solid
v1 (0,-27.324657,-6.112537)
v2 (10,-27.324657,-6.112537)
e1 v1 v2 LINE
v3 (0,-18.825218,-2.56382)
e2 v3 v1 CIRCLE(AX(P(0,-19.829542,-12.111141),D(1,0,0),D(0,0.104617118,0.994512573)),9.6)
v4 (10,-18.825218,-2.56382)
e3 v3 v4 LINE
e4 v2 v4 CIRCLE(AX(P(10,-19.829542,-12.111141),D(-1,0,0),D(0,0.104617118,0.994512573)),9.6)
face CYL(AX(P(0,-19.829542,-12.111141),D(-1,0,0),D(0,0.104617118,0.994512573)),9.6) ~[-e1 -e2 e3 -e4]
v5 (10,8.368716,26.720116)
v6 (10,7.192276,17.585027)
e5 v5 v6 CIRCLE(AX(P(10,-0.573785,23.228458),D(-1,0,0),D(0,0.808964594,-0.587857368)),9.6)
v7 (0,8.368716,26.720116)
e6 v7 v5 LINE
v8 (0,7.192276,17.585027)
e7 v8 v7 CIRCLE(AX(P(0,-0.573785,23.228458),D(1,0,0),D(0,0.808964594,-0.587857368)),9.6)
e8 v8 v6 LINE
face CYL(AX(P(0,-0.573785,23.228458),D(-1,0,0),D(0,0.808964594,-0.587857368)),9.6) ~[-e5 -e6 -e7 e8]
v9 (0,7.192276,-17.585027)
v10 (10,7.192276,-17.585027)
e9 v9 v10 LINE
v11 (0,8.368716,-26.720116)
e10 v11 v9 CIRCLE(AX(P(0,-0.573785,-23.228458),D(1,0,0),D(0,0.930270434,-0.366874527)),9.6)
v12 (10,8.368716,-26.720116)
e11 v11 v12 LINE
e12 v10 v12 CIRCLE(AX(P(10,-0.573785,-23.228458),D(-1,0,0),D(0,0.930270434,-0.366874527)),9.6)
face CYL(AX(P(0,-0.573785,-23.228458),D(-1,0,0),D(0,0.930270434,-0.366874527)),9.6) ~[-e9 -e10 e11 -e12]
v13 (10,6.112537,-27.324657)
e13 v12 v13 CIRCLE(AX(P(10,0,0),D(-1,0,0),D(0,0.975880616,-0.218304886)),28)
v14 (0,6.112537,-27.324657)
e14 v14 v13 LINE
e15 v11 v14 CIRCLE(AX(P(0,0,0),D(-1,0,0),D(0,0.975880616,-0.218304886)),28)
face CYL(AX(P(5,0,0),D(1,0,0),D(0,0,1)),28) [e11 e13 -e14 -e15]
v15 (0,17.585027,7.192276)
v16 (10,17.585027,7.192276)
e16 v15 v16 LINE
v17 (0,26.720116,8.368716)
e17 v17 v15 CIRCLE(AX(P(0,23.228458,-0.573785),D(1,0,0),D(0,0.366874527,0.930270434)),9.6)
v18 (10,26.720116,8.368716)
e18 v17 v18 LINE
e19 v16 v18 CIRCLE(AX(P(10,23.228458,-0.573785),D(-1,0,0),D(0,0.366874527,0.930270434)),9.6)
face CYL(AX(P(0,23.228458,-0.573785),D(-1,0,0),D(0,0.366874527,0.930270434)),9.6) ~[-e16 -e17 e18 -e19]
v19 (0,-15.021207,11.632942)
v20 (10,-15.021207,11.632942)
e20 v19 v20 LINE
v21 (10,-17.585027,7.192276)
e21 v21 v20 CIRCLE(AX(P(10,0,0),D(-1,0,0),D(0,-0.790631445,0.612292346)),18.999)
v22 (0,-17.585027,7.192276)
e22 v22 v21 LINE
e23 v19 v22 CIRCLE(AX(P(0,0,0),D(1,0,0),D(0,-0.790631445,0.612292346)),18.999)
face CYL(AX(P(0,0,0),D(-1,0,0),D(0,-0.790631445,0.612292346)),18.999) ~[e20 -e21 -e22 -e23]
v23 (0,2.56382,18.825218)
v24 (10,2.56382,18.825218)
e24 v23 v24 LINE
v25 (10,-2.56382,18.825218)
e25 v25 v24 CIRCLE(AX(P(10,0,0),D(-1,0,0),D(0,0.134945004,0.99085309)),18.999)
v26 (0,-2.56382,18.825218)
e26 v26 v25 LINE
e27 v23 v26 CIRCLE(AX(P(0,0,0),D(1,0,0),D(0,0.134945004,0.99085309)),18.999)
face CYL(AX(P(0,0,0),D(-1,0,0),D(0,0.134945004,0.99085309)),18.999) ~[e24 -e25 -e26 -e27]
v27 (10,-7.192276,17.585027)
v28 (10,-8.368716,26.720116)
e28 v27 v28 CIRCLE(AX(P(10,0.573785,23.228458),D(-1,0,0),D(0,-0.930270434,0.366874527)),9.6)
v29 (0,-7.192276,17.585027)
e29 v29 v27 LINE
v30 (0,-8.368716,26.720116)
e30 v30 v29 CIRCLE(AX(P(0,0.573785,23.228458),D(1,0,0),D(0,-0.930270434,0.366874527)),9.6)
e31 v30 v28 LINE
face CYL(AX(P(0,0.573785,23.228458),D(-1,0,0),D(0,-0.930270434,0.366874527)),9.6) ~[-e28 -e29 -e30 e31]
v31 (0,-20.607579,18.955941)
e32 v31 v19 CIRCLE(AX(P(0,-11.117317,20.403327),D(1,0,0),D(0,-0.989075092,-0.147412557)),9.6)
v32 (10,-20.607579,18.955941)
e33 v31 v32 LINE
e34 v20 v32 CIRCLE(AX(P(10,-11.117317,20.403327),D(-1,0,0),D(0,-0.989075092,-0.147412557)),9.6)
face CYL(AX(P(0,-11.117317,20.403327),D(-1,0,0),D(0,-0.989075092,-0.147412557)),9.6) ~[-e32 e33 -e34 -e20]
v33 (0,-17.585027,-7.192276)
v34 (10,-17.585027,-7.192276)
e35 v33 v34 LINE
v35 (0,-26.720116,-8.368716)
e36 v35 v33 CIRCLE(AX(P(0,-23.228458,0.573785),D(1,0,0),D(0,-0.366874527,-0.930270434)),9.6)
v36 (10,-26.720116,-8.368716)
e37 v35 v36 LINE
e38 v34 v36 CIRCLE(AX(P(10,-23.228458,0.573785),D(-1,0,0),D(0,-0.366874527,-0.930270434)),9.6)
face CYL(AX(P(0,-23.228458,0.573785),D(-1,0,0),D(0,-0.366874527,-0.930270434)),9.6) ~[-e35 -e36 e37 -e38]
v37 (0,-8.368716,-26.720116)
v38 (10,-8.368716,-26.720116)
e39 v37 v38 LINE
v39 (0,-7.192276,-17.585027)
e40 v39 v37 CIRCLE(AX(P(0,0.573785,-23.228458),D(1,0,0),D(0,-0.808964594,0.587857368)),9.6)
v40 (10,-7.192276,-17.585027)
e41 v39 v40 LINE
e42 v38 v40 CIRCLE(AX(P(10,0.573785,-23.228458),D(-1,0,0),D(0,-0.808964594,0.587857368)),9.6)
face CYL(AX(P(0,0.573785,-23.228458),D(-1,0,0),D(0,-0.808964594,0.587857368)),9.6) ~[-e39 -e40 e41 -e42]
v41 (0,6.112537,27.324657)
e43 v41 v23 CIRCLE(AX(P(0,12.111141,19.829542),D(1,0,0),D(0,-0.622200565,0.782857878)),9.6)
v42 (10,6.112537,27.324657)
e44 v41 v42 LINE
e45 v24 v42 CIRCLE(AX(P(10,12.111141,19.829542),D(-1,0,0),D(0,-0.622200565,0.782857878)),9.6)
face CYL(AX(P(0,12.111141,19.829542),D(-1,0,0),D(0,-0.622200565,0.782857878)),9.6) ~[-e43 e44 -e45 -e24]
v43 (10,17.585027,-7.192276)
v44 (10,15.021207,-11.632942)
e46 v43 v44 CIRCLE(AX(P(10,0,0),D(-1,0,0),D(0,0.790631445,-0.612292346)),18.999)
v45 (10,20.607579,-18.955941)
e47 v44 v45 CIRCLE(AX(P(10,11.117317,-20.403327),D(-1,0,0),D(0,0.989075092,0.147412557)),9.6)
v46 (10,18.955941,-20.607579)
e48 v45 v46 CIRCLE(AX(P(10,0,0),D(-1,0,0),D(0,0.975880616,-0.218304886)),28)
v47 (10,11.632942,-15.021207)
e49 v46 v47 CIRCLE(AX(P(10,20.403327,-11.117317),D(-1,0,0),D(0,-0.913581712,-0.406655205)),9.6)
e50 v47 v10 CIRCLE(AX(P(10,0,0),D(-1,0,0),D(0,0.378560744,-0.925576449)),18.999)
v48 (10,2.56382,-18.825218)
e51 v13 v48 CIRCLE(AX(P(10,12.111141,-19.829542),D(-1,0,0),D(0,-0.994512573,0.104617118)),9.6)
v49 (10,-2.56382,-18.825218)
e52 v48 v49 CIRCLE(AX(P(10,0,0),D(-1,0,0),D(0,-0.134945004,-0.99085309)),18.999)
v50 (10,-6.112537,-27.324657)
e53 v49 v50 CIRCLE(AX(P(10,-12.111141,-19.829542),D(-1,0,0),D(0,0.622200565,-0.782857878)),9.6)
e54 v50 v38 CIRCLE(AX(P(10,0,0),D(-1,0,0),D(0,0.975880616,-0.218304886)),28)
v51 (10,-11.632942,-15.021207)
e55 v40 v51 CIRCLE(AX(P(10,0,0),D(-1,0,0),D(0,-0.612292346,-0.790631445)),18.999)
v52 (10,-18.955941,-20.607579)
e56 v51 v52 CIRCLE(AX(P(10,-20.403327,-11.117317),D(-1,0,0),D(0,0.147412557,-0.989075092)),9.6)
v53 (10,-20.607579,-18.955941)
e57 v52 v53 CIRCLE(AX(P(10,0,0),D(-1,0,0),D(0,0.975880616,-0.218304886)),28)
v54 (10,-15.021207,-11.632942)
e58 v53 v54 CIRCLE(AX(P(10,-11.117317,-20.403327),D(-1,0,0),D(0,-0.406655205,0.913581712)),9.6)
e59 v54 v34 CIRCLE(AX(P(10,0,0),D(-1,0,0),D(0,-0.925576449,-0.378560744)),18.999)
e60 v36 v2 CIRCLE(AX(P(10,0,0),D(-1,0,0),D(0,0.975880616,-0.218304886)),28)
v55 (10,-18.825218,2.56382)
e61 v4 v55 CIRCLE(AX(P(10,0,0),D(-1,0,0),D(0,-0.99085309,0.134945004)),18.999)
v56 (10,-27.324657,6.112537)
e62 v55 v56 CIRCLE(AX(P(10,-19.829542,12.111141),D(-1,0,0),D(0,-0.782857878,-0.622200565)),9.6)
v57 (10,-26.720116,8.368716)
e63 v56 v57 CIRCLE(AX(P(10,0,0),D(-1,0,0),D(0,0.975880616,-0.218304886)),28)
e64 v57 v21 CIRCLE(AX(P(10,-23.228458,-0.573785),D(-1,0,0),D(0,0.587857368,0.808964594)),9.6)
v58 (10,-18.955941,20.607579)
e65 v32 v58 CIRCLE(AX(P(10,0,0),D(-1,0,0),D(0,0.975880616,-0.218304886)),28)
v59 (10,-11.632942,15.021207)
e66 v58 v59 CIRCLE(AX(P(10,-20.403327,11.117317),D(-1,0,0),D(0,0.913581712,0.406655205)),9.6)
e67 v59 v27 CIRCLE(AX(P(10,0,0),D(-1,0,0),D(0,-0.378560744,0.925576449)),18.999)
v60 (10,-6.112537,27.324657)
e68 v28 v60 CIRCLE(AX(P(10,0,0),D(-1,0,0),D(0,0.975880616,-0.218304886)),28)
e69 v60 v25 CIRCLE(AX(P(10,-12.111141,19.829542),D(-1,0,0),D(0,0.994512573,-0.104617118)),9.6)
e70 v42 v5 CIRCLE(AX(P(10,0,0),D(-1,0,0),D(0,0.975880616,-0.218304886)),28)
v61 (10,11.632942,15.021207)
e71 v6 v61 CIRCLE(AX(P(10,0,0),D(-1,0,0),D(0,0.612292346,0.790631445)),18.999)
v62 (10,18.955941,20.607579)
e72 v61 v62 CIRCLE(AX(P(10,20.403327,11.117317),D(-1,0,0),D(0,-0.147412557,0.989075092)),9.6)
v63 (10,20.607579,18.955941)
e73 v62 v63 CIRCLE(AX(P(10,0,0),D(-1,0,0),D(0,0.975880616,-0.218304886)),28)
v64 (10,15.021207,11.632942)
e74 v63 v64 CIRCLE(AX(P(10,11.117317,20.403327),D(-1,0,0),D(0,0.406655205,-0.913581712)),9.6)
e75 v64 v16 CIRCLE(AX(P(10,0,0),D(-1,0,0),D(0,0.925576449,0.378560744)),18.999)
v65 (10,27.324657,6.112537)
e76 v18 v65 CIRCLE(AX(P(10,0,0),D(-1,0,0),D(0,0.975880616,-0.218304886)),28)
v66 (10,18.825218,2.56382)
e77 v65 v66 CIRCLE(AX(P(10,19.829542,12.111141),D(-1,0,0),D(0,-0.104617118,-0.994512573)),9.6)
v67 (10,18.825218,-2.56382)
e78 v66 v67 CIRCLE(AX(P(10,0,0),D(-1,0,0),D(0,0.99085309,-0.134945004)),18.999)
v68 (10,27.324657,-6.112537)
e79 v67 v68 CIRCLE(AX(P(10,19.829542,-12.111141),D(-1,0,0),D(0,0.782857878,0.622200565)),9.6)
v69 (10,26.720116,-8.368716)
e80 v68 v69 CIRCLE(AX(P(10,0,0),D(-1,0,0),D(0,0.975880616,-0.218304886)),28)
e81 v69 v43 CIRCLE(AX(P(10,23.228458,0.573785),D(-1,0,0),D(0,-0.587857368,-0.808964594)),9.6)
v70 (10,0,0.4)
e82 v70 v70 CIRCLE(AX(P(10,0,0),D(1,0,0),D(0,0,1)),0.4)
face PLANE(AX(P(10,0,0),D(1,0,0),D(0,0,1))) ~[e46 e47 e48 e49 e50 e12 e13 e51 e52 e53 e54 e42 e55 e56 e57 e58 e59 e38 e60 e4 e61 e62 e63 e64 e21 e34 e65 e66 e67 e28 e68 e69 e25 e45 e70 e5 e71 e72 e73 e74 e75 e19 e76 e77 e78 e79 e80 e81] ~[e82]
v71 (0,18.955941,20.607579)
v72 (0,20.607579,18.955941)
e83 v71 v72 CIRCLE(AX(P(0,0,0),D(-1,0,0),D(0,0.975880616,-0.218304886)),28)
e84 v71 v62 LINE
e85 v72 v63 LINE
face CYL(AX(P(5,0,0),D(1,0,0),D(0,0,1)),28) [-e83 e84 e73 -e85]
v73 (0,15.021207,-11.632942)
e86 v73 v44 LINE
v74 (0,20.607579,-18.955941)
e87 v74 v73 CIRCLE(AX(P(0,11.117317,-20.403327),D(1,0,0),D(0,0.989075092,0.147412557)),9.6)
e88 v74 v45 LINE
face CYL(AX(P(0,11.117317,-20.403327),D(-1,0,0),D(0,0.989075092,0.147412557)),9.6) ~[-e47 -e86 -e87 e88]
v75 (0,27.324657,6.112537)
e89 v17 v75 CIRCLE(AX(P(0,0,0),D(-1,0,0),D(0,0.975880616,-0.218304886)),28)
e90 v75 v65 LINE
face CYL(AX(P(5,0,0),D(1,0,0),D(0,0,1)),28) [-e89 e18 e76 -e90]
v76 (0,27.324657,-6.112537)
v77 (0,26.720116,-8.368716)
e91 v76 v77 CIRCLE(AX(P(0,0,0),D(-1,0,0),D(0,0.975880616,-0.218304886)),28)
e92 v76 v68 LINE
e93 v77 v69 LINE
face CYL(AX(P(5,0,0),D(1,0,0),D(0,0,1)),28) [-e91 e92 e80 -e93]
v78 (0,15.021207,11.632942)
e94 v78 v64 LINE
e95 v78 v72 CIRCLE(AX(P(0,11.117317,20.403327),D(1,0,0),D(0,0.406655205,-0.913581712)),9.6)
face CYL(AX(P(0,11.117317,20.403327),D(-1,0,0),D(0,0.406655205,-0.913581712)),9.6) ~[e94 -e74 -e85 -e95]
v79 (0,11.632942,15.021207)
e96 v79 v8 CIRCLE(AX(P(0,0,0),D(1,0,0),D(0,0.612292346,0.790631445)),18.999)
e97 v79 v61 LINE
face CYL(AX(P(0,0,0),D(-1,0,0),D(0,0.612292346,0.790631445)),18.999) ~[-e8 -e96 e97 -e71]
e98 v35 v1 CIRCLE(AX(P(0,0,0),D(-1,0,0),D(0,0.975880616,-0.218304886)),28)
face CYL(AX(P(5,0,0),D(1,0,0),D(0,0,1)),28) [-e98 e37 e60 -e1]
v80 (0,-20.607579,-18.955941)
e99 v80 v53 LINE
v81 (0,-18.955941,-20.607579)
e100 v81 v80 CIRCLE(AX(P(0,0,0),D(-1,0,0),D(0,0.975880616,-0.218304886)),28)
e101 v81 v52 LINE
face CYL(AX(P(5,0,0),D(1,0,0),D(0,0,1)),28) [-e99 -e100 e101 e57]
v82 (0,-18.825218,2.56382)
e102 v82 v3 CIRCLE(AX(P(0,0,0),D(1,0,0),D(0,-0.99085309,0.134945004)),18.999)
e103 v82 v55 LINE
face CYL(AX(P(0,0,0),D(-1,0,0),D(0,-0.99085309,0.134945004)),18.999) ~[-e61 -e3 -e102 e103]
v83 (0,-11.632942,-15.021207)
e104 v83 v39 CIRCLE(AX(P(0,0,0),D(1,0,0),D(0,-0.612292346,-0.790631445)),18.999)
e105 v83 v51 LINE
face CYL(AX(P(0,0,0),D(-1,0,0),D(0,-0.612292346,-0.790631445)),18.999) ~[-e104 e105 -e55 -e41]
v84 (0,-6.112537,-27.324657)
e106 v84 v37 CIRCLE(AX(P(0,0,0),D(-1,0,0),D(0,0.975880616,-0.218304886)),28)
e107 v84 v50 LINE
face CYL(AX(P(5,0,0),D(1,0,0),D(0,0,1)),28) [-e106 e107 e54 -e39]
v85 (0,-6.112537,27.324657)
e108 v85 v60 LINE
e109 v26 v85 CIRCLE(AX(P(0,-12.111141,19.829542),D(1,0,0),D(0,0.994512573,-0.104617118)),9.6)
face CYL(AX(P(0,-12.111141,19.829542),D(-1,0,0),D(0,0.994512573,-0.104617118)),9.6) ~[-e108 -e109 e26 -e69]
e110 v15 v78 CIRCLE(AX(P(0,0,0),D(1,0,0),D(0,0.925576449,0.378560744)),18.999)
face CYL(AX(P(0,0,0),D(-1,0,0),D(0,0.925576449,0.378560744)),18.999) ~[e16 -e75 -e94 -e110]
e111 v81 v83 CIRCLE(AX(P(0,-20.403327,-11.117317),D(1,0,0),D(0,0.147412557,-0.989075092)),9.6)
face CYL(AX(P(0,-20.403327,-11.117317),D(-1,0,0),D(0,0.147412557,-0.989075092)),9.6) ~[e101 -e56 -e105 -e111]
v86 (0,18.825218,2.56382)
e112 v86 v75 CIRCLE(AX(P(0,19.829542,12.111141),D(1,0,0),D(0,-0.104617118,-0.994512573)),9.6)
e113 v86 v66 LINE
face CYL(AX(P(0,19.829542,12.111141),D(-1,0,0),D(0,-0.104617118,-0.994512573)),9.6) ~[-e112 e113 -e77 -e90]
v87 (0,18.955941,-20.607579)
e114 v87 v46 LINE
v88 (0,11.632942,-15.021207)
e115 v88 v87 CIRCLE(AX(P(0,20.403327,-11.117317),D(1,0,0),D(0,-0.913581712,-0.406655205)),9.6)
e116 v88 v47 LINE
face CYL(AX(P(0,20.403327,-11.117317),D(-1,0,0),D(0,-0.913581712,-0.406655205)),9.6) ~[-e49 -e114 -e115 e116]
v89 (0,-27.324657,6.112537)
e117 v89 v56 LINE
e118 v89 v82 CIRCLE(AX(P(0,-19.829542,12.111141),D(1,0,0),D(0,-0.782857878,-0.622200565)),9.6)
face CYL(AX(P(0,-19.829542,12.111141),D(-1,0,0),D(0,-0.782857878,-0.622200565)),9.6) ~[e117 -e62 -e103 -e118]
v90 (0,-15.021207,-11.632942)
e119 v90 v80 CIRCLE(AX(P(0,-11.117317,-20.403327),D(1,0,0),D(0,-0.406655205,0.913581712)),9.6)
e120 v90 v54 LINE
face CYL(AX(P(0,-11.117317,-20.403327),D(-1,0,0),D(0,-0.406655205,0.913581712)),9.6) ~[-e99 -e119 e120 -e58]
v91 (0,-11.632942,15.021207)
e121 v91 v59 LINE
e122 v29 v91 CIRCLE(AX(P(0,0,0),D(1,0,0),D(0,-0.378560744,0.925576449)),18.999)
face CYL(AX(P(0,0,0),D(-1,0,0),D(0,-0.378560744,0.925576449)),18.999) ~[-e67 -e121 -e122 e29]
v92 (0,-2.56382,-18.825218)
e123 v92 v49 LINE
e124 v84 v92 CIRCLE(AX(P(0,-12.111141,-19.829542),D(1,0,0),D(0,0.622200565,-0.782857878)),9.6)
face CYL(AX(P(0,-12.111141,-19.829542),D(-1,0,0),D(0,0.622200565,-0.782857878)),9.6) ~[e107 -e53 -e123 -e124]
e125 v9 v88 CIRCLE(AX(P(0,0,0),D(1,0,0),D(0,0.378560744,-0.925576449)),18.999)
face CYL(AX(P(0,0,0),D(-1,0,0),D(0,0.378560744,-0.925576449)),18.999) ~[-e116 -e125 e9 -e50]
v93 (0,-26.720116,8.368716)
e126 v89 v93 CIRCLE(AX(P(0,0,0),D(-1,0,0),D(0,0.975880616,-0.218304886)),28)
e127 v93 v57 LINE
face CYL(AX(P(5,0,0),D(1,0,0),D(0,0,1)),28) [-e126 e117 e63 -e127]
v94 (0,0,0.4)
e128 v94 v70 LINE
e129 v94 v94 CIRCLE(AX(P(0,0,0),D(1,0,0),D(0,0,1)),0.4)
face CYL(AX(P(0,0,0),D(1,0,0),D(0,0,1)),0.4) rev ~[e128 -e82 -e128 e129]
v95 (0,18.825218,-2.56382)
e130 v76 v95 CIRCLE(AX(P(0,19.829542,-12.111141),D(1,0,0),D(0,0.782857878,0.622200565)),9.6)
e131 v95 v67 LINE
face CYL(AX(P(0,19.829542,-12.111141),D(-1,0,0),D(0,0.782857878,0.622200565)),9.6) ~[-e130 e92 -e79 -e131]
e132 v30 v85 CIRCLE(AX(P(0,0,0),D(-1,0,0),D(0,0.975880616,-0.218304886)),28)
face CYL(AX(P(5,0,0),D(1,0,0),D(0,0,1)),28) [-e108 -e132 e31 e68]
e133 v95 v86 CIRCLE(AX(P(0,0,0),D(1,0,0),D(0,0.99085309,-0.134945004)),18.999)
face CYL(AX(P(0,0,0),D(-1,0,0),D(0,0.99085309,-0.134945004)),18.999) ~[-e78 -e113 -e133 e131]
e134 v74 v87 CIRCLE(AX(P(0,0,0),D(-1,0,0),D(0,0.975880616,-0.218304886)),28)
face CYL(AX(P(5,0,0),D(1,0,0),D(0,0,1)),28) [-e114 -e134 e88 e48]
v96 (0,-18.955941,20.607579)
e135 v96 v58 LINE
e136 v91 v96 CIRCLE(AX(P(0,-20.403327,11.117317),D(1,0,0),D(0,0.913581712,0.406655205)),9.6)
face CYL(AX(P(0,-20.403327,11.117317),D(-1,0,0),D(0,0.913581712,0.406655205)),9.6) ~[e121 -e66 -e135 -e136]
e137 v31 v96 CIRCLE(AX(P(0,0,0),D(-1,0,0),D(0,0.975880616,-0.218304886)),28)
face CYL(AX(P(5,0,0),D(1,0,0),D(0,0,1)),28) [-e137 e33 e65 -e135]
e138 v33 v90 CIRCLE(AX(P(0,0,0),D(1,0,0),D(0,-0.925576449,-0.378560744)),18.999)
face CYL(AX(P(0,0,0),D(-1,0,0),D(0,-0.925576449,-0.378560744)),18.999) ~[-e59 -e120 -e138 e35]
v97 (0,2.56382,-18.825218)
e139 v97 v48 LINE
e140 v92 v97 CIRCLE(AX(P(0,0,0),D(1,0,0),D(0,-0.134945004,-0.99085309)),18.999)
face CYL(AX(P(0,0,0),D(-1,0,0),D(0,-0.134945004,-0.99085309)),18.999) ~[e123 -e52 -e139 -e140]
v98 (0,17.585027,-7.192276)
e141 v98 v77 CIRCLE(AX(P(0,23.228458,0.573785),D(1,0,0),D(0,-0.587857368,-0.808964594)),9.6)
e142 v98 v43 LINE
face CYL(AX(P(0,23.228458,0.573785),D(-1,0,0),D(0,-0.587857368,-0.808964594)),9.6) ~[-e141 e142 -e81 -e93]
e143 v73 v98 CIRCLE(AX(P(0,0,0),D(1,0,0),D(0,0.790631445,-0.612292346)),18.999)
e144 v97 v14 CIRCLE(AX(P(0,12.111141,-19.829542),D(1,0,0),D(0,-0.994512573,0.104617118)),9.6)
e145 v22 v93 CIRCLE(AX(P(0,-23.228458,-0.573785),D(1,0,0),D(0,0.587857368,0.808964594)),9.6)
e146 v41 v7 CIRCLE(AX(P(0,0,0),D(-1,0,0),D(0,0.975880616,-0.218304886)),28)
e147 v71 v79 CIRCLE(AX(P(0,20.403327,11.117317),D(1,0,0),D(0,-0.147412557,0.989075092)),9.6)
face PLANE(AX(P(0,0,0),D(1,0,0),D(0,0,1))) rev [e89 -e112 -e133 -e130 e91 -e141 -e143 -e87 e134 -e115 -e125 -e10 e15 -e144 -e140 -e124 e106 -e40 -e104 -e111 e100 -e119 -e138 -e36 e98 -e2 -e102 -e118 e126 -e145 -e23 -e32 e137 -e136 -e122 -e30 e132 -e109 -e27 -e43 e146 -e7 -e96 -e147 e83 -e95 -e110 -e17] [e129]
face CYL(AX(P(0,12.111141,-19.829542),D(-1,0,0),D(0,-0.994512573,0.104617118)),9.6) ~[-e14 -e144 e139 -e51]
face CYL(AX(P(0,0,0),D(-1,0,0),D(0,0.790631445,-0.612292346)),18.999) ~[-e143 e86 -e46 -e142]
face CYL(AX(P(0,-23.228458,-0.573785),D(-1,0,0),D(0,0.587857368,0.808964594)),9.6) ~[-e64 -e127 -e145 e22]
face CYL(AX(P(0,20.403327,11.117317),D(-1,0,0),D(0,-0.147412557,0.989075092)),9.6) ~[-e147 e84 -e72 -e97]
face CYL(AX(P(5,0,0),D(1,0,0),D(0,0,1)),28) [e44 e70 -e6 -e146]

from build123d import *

# Parameters (mm, degrees)
BASPROSKE_W     = 10
BASPROSKE_H     = 28
TOOTHCUT_DEPTH  = 41.841155713
TEETHCUTS_COUNT = 12
TEETHCUTS_ANGLE = 330
BORSKE_R        = 0.4
BORE_DEPTH      = 50.0000508


with BuildPart() as part:
    # BasProSke → Base-Revolve (revolve)
    with BuildSketch(Plane(origin=(0, 0, 0), x_dir=(1, 0, 0), z_dir=(0, 1, 0)), mode=Mode.PRIVATE) as base_revolve_sk:
        with Locations((5, 14)):
            Rectangle(BASPROSKE_W, BASPROSKE_H)
    revolve(base_revolve_sk.sketch.rotate(Axis((-10, 0, 0), (1, 0, 0)), 180), axis=Axis((-10, 0, 0), (1, 0, 0)))

    # TooCutSke → ToothCut (cut, through all)
    with BuildSketch(Plane(origin=(0, 0, 0), x_dir=(0, 0, -1), z_dir=(1, 0, 0))):
        with BuildLine():
            ThreePointArc((2.563820125, 18.825217857), (0, 18.999), (-2.563820125, 18.825217857))
            ThreePointArc((-2.563820125, 18.825217857), (-3.258590946, 23.543348938), (-6.138015408, 27.344977821))
            ThreePointArc((-6.138015408, 27.344977821), (0, 28.0254), (6.138015408, 27.344977821))
            ThreePointArc((6.138015408, 27.344977821), (3.258590946, 23.543348938), (2.563820125, 18.825217857))
        make_face()
    toothcut = extrude(amount=TOOTHCUT_DEPTH, mode=Mode.SUBTRACT)

    # TeethCuts: ToothCut ×12 about axis
    teethcuts_axis = Axis((-10, 0, 0), (1, 0, 0))
    for i in range(1, TEETHCUTS_COUNT):
        add(toothcut.rotate(teethcuts_axis, i * TEETHCUTS_ANGLE / (TEETHCUTS_COUNT - 1)), mode=Mode.SUBTRACT)

    # BorSke → Bore (cut, symmetric)
    with BuildSketch(Plane(origin=(0, 0, 0), x_dir=(0, 0, -1), z_dir=(1, 0, 0))):
        with Locations(Location((0, 0, 0), (0, 0, 180))):
            Circle(BORSKE_R)
    extrude(amount=BORE_DEPTH, both=True, mode=Mode.SUBTRACT)


solid = part.part
